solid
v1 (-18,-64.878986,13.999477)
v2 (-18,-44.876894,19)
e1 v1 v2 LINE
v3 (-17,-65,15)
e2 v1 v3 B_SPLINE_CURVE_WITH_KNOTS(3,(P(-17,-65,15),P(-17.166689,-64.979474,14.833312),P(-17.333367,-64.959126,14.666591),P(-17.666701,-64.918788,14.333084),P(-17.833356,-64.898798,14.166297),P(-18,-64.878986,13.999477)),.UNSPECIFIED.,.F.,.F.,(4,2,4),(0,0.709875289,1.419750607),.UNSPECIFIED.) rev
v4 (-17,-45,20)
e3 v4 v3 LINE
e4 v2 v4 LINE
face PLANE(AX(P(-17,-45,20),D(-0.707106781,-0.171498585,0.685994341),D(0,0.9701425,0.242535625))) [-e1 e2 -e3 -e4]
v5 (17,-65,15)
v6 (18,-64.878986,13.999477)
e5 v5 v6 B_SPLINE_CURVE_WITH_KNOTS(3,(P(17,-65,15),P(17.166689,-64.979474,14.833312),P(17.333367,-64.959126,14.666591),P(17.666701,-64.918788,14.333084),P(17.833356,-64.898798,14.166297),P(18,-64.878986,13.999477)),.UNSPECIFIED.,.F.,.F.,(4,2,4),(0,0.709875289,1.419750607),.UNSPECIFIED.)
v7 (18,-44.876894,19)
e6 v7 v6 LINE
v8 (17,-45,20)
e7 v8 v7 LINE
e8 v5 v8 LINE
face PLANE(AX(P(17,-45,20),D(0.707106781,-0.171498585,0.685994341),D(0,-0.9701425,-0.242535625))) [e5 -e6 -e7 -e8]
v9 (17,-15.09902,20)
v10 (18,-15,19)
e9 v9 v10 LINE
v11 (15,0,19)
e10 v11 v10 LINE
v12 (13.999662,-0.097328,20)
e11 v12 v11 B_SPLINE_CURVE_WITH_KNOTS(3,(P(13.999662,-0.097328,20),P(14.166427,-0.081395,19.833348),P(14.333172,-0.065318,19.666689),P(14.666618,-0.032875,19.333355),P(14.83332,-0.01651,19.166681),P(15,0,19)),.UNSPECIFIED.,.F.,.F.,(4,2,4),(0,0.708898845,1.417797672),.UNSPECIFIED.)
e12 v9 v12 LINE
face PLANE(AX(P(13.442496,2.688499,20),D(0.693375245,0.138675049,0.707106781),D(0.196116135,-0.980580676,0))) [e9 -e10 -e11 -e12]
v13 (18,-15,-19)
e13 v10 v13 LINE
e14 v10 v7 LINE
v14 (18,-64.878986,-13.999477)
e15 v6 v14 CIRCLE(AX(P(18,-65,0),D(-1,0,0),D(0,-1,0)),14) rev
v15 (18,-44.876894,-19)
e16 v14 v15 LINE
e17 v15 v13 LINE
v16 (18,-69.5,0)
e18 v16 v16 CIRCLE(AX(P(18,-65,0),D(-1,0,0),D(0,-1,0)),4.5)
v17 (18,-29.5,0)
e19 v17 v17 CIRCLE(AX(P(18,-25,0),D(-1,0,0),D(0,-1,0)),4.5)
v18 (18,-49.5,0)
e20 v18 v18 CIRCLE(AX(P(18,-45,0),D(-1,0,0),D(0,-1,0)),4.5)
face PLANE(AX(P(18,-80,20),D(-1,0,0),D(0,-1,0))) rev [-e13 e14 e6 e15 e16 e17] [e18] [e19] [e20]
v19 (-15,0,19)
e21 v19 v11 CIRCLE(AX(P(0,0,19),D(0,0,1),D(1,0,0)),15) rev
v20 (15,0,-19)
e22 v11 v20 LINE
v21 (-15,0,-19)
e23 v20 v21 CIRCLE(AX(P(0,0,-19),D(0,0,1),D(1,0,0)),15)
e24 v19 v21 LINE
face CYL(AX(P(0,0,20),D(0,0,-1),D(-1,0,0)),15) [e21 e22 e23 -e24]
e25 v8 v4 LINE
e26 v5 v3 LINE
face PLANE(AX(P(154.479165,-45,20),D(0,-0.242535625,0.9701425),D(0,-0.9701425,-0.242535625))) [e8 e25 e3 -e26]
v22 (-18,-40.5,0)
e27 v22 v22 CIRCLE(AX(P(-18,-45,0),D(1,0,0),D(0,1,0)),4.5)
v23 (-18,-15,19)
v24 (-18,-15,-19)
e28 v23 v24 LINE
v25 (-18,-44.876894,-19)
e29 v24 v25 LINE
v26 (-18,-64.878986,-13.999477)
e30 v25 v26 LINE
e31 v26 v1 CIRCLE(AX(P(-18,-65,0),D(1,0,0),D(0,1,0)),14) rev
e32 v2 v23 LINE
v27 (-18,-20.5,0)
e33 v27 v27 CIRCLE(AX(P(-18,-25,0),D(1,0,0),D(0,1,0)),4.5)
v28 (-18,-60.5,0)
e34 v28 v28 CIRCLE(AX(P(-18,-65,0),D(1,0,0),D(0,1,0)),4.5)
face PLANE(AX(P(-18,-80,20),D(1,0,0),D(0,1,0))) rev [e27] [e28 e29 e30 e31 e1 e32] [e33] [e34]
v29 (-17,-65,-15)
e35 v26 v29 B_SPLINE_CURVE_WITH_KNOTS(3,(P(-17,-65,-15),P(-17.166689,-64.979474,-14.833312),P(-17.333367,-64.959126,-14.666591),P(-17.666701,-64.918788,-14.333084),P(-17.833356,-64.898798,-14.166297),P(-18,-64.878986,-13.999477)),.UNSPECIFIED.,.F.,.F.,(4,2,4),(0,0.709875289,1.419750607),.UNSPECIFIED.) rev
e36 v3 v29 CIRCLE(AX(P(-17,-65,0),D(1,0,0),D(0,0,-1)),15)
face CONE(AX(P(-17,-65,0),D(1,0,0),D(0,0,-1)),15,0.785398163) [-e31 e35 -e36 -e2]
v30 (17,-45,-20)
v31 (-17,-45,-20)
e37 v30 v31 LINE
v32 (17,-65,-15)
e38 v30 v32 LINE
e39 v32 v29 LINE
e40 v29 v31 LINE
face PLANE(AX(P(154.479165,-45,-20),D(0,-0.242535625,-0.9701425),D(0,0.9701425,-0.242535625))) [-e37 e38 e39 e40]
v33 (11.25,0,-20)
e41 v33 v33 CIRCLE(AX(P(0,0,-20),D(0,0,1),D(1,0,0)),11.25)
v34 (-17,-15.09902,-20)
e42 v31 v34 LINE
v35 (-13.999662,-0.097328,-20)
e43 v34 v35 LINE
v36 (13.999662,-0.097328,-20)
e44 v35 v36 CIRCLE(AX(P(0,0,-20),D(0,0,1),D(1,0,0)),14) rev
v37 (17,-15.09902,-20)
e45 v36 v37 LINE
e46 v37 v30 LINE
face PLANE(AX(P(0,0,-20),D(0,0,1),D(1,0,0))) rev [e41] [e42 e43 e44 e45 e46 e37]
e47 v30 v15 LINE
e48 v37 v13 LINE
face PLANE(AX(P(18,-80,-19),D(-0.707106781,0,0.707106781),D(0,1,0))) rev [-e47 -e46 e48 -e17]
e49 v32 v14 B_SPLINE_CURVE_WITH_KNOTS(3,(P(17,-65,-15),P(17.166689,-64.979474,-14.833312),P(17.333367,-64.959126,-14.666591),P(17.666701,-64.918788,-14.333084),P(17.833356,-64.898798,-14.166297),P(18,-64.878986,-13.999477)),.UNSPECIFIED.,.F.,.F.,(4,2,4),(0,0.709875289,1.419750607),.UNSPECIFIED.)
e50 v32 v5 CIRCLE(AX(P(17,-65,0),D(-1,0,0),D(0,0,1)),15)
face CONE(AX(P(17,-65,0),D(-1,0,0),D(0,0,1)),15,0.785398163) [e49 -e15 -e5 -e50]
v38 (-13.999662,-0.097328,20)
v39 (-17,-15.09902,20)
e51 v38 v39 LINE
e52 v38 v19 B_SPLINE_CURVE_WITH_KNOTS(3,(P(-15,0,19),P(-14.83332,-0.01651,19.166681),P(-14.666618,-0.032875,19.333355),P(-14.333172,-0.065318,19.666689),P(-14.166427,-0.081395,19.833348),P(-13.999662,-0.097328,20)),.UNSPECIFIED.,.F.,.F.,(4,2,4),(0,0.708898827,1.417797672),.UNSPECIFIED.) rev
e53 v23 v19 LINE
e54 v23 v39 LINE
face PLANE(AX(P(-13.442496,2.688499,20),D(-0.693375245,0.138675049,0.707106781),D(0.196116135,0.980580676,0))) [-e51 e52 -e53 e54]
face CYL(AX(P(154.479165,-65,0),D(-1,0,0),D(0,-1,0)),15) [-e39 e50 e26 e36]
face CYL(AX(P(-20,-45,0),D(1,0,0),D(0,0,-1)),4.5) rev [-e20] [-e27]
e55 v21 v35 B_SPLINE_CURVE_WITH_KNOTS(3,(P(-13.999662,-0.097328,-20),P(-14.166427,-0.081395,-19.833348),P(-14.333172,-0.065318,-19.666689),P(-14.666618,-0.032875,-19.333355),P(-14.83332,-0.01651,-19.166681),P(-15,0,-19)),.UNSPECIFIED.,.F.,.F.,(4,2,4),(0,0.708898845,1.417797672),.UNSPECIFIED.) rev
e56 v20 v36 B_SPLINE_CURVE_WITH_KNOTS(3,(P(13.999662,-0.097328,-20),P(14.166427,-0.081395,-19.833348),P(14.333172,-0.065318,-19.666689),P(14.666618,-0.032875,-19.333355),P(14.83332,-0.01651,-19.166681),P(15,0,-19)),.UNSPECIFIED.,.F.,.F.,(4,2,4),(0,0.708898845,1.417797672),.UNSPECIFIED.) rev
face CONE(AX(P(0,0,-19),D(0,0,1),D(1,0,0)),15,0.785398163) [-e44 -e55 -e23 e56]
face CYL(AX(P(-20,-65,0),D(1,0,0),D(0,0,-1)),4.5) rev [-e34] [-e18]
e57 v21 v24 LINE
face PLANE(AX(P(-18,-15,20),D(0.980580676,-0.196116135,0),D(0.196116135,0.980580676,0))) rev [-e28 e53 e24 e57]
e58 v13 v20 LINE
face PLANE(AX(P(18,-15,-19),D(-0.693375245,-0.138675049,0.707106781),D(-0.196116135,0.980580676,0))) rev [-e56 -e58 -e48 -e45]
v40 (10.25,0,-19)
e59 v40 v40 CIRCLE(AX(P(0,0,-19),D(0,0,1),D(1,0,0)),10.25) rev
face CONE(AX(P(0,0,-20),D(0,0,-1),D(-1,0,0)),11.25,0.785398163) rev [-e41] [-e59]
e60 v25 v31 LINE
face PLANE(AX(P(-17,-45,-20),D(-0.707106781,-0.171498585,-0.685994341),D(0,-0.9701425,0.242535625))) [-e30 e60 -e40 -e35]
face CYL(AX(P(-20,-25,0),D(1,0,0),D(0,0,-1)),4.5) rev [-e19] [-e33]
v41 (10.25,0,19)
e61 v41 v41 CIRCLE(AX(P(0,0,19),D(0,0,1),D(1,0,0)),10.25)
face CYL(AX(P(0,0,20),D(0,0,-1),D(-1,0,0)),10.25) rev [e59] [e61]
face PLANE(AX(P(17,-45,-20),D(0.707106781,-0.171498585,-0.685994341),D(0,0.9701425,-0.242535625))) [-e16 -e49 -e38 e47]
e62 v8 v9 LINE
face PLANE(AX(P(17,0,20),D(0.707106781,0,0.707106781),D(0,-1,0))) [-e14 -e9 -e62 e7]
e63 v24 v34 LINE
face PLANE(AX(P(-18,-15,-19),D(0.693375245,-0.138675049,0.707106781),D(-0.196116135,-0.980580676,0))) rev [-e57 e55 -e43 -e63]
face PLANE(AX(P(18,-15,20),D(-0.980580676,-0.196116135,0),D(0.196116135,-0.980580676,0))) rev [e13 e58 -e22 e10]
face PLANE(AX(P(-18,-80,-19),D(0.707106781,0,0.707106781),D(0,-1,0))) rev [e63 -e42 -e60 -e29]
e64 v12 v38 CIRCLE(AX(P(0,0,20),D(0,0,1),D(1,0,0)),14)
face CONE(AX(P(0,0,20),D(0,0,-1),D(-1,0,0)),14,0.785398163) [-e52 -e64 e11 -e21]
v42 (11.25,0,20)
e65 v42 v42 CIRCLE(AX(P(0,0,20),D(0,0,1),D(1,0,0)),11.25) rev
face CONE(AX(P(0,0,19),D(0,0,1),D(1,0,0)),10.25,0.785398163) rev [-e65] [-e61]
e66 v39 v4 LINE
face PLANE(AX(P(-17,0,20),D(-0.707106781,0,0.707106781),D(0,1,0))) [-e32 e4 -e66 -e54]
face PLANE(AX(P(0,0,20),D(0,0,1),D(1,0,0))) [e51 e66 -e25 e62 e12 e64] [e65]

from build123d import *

# Parameters (mm, degrees)
SKETCH_1_R               = 10.25
EXTRUDE_1_DEPTH          = 20
SKETCH_2_R               = 4.5
CUT_EXTRUDE_1_DEPTH      = 20
CUT_EXTRUDE_2_DEPTH      = 1
CUT_EXTRUDE_2_DEPTH_BACK = 37
CHAMFER_1_SIZE           = 1


with BuildPart() as part:
    # 草图1 → 凸台-拉伸1 (new body, symmetric)
    with BuildSketch(Plane.XY):
        with BuildLine():
            Line((0, -80), (18, -80))
            Line((18, -80), (18, -15))
            Line((18, -15), (15, 0))
            ThreePointArc((15, 0), (0, 15), (-15, 0))
            Line((-15, 0), (-18, -15))
            Line((-18, -15), (-18, -80))
            Line((-18, -80), (0, -80))
        make_face()
        Circle(SKETCH_1_R, mode=Mode.SUBTRACT)
    extrude(amount=EXTRUDE_1_DEPTH, both=True)

    # 草图2 → 切除-拉伸1 (cut, symmetric)
    with BuildSketch(Plane(origin=(0, 0, 0), x_dir=(0, 0, -1), z_dir=(1, 0, 0))):
        with Locations((0, -45)):
            Circle(SKETCH_2_R)
        with Locations((0, -25)):
            Circle(SKETCH_2_R)
        with Locations((0, -65)):
            Circle(SKETCH_2_R)
    extrude(amount=CUT_EXTRUDE_1_DEPTH, both=True, mode=Mode.SUBTRACT)

    # 草图7 → 切除-拉伸2 (cut, two sides)
    with BuildSketch(Plane(origin=(18, 0, 0), x_dir=(0, 0, -1), z_dir=(1, 0, 0))) as cut_extrude_2_sk:
        with BuildLine():
            Line((-15, -65), (-20, -45))
            Line((-20, -45), (-20, -80))
            Line((-20, -80), (1.38e-07, -80))
            ThreePointArc((1.38e-07, -80), (-10.606601669, -75.606601767), (-15, -65))
        make_face()
        with BuildLine():
            ThreePointArc((15, -65), (10.606601767, -75.606601669), (1.38e-07, -80))
            Line((1.38e-07, -80), (20, -80))
            Line((20, -80), (20, -45))
            Line((20, -45), (15, -65))
        make_face()
    extrude(amount=CUT_EXTRUDE_2_DEPTH, mode=Mode.SUBTRACT)
    extrude(cut_extrude_2_sk.sketch, amount=-CUT_EXTRUDE_2_DEPTH_BACK, mode=Mode.SUBTRACT)

    # 倒角1
    chamfer_1_edges = [part.edges().sort_by_distance(p)[0] for p in [
        (16.5, -7.5, 20),
        (-10.25, 0, -20),
        (-10.25, 0, 20),
        (0, 15, 20),
        (-16.5, -7.5, 20),
        (-18, -30, 20),
        (-18, -55, -17.5),
        (-18, -80, 0),
        (-18, -55, 17.5),
        (18, -30, -20),
        (18, -30, 20),
        (18, -55, 17.5),
        (18, -80, 0),
        (18, -55, -17.5),
        (-18, -30, -20),
        (-16.5, -7.5, -20),
        (0, 15, -20),
        (16.5, -7.5, -20),
    ]]
    chamfer(chamfer_1_edges, length=CHAMFER_1_SIZE)


solid = part.part
